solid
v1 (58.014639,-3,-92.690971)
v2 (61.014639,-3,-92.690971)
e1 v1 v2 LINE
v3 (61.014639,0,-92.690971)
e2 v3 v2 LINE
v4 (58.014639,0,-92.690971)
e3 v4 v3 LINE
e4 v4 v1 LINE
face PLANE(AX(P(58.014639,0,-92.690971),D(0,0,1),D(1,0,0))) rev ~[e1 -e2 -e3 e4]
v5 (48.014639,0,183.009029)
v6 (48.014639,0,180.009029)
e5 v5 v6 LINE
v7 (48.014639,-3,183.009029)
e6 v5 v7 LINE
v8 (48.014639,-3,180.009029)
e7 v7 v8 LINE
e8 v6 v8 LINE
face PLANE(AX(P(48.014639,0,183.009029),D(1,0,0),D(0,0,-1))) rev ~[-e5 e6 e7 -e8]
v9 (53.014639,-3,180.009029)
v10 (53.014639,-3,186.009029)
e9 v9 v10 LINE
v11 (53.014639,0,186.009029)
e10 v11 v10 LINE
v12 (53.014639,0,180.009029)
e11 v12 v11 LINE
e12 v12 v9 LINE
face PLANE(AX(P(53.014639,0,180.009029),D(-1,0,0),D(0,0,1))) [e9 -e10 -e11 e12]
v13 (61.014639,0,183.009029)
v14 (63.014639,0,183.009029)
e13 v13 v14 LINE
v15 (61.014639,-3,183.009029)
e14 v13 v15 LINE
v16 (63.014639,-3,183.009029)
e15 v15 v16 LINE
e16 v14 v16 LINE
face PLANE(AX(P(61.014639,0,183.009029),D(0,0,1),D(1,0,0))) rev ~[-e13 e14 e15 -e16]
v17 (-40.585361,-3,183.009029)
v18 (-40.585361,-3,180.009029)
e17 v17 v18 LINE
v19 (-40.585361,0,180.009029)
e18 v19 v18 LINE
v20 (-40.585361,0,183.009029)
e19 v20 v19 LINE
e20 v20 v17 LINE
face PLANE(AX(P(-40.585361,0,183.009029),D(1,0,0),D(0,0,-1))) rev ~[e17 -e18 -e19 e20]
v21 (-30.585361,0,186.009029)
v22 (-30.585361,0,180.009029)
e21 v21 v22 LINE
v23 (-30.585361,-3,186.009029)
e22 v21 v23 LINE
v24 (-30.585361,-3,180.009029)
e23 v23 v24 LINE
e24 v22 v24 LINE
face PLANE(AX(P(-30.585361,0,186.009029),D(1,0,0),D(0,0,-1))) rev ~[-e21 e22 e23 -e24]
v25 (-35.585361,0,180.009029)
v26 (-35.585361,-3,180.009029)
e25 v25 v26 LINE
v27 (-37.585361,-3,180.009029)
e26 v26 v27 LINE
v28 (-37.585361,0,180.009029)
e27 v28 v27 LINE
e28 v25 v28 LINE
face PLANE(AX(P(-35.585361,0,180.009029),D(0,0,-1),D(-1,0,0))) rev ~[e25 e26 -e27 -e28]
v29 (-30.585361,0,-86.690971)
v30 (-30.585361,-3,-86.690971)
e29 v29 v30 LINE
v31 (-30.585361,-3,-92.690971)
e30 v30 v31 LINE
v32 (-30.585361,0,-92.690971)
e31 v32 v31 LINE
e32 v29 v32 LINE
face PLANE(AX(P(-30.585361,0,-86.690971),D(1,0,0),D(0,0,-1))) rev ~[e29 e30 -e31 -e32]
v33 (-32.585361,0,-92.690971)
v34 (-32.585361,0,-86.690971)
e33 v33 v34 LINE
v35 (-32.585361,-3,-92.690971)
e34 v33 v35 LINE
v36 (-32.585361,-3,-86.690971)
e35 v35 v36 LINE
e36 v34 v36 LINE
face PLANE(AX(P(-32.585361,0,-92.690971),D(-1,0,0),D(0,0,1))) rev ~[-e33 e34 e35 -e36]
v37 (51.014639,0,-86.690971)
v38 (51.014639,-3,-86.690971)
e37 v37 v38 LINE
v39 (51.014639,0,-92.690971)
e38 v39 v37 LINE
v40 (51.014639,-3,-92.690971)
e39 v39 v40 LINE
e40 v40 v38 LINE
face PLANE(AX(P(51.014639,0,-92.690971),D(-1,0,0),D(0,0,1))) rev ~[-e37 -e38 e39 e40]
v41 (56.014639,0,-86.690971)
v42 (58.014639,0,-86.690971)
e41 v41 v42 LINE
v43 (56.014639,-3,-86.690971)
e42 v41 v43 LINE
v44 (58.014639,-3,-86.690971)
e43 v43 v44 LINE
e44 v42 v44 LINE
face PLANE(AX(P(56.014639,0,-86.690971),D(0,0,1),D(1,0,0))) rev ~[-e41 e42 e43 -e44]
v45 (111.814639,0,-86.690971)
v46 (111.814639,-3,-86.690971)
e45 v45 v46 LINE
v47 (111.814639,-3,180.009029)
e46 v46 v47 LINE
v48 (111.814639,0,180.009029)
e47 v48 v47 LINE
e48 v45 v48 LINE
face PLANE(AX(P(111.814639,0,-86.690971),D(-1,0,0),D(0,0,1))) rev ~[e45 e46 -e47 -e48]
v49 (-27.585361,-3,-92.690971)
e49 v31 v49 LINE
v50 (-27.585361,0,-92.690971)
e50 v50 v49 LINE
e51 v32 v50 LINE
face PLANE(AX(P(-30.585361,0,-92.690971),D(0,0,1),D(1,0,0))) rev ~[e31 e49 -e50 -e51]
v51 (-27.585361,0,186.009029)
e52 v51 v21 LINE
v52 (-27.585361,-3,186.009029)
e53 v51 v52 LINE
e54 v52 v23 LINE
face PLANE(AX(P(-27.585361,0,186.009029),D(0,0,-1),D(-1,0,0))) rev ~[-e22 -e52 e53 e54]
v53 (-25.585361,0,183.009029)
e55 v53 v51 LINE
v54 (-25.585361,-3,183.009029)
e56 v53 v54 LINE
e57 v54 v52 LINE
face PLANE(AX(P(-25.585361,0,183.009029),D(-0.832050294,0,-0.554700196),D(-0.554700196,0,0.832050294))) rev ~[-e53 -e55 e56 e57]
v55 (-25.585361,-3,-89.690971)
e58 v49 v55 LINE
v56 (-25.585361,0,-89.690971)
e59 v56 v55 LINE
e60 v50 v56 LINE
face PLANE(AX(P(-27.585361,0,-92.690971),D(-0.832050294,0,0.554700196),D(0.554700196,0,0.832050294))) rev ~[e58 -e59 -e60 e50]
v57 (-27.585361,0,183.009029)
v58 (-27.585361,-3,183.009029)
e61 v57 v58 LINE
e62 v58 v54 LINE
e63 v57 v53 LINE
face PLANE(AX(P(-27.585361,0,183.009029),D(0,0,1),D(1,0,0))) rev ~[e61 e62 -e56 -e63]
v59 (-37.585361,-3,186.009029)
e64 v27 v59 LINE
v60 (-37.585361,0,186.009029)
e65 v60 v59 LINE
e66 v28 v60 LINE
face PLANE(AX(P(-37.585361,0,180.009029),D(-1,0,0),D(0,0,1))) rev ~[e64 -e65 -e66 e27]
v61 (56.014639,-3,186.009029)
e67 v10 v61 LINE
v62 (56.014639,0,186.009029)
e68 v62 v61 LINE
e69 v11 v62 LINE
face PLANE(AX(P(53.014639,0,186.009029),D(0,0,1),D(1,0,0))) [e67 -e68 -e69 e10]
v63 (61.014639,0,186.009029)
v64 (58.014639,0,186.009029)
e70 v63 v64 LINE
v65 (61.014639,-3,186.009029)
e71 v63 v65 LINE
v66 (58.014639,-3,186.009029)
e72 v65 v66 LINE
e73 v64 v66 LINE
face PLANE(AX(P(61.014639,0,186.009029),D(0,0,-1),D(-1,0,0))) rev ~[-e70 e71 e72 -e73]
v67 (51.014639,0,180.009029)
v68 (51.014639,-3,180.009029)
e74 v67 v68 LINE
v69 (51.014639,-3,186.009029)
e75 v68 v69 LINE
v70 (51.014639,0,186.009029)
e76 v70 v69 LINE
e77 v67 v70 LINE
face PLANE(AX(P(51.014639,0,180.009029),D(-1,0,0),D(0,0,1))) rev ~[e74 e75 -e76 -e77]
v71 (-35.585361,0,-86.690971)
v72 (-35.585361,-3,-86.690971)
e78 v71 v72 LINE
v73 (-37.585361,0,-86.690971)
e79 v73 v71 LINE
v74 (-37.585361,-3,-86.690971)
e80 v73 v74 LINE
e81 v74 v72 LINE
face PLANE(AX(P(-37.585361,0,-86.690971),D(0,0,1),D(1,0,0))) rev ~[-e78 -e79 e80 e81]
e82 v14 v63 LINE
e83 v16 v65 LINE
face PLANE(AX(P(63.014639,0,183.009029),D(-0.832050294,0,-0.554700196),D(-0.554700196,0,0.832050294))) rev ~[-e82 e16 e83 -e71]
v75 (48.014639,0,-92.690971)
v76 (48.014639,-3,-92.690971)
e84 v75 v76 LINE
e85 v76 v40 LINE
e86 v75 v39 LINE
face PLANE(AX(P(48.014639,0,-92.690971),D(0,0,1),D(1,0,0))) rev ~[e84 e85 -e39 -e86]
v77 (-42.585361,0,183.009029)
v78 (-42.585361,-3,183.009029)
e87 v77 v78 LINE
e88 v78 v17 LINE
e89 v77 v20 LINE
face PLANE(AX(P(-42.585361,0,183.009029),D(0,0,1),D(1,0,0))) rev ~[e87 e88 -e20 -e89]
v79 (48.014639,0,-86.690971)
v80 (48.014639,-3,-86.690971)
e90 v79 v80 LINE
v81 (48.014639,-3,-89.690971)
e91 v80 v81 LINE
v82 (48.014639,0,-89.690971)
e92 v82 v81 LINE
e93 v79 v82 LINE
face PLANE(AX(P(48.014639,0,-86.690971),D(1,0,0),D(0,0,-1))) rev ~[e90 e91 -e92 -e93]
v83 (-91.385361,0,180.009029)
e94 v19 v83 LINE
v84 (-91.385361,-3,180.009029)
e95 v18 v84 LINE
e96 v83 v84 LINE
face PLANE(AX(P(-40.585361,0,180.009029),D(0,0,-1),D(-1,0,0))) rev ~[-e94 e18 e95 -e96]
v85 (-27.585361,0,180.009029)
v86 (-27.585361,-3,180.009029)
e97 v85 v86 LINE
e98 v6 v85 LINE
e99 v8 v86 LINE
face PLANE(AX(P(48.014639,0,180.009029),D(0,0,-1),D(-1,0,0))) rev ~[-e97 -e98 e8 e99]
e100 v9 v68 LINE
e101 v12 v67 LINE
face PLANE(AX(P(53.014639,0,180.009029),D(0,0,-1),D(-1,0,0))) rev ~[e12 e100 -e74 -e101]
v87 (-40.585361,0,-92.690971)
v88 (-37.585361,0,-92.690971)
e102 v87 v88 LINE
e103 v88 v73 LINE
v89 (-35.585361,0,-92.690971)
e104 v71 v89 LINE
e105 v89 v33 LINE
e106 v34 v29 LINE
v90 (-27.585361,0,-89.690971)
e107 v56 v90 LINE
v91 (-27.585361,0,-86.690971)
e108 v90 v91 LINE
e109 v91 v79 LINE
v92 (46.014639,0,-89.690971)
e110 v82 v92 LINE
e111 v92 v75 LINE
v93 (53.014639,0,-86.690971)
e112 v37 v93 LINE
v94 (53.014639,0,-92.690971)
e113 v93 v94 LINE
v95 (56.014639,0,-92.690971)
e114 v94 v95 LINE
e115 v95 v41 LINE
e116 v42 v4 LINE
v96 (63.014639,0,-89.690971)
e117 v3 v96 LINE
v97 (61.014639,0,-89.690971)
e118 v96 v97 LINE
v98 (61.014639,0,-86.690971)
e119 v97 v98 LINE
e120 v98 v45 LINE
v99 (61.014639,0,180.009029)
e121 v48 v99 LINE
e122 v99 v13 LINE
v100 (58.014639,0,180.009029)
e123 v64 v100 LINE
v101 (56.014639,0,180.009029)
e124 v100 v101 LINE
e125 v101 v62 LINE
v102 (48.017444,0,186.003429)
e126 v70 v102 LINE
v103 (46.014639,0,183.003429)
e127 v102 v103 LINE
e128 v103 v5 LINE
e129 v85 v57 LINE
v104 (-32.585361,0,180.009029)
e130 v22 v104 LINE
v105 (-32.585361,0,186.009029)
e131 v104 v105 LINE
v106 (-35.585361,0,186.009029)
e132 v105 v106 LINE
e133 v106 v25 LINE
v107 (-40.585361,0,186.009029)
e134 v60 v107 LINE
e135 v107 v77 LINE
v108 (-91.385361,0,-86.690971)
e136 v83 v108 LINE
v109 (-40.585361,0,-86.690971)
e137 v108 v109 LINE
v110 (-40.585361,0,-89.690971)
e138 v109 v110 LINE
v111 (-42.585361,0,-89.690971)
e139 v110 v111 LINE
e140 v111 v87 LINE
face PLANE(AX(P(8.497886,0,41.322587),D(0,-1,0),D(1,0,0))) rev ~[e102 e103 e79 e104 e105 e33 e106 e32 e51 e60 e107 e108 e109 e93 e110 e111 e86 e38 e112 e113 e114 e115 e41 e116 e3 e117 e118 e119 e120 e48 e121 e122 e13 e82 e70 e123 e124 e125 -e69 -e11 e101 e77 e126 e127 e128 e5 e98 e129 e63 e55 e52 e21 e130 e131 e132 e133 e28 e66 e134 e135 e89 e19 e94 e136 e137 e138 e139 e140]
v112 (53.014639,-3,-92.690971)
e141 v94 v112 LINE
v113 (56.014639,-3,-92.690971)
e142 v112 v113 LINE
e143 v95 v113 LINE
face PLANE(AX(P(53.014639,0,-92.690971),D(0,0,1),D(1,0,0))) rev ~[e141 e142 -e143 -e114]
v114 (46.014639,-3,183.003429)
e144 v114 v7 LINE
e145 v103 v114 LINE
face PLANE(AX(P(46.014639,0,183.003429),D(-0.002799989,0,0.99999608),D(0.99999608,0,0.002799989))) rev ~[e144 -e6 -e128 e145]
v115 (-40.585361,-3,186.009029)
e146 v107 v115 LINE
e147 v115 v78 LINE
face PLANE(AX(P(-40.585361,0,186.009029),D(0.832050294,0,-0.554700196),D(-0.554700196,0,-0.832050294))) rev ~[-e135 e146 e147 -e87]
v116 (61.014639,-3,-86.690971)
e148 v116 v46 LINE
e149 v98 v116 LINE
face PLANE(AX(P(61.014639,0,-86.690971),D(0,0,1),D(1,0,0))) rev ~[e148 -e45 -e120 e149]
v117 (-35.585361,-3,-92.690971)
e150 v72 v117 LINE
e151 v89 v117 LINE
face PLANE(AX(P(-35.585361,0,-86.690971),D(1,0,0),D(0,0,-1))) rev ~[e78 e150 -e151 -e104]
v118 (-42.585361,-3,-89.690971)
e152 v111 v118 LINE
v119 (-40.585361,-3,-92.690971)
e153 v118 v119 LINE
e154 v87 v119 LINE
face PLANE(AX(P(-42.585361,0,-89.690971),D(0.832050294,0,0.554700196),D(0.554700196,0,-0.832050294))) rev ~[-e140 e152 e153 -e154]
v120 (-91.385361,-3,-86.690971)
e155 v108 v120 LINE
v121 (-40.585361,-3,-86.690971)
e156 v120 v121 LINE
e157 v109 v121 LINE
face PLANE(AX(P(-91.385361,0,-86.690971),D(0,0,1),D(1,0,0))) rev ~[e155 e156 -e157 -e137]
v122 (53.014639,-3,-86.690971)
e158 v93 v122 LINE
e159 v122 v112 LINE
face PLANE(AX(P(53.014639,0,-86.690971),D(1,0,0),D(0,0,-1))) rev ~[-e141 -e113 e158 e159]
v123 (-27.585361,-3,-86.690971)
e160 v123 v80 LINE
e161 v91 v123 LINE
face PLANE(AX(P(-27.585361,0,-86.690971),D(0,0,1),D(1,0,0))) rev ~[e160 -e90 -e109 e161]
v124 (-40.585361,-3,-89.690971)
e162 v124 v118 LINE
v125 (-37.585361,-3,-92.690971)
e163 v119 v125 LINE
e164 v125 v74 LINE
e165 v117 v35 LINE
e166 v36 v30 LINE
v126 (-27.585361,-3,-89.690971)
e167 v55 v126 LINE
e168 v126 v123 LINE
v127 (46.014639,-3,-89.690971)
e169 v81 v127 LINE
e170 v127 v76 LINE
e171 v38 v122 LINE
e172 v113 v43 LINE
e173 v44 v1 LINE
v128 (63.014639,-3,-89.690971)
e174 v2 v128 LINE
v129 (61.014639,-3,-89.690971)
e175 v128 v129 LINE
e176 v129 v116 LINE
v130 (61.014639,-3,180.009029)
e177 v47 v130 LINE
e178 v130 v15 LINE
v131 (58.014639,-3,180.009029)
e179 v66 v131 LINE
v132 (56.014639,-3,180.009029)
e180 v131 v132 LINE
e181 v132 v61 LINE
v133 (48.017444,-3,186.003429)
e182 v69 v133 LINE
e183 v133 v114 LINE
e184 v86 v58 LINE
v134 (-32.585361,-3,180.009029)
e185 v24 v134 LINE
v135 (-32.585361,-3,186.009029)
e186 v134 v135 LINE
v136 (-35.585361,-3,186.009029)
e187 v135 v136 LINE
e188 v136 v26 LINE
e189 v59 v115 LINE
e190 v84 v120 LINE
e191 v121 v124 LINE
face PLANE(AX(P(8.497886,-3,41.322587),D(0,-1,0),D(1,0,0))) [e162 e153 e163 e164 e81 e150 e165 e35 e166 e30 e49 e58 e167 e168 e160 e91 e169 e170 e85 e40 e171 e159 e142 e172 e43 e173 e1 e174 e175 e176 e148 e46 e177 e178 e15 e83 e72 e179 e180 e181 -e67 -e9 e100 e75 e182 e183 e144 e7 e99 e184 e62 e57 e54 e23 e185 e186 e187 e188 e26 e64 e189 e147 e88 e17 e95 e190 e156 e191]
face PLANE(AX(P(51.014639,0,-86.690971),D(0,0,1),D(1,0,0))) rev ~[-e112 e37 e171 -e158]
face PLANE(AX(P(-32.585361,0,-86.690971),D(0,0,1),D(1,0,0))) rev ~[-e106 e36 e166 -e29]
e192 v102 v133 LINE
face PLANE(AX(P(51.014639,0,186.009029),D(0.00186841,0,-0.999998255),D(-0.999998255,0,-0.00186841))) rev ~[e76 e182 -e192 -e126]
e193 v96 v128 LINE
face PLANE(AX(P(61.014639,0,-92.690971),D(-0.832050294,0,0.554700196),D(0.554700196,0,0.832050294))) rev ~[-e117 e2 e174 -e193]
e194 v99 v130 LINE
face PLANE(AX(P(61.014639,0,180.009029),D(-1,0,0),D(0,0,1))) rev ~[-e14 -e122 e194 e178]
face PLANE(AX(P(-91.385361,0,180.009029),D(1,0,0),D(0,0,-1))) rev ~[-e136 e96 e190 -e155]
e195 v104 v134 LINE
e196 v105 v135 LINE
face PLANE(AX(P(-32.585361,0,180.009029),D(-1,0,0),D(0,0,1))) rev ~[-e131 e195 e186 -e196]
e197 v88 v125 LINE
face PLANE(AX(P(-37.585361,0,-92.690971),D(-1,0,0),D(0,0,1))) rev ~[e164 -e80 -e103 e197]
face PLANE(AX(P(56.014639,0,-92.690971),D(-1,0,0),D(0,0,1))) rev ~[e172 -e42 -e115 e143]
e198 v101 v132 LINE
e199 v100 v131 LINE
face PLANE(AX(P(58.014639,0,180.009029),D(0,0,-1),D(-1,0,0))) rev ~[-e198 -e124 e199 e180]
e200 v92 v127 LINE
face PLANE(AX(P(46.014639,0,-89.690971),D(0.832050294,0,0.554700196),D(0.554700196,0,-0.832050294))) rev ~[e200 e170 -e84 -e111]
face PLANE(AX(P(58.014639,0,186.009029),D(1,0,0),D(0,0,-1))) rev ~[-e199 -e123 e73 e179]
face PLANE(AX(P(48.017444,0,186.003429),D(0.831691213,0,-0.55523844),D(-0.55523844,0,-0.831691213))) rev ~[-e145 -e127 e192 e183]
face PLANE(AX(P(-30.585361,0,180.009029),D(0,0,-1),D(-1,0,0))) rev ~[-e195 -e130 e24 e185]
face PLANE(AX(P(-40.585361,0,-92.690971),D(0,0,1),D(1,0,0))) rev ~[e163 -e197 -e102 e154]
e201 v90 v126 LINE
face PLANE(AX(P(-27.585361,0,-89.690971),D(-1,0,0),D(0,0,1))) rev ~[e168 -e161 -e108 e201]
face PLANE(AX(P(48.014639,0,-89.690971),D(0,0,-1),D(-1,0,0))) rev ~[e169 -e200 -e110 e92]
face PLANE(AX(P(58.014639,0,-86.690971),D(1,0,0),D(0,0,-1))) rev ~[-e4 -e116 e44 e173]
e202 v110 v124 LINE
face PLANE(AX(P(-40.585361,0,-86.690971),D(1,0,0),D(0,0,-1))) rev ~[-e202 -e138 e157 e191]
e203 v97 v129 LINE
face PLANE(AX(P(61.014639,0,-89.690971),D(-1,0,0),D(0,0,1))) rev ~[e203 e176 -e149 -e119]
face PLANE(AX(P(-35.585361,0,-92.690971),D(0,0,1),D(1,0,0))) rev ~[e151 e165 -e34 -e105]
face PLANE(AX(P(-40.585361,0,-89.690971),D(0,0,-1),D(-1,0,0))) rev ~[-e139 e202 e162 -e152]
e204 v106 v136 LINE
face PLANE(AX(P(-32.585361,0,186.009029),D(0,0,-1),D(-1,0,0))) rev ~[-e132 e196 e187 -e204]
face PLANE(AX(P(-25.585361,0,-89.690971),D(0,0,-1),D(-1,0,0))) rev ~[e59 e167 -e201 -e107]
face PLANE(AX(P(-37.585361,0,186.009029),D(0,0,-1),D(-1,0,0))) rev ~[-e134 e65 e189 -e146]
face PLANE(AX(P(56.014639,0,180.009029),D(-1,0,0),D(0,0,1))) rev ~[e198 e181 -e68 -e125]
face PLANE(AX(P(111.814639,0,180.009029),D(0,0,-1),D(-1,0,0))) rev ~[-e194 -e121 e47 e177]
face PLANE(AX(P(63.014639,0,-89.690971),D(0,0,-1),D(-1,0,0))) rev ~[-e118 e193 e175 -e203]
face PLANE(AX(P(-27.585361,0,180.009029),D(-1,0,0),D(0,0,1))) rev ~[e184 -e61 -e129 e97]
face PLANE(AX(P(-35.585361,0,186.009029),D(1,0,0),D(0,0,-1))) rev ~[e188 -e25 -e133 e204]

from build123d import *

# Parameters (mm, degrees)
F0_W     = 3
F0_H     = 6
F1_DEPTH = 3


with BuildPart() as f1:
    # F0 (on Front) → F1 (new body)
    with BuildSketch(Plane.XZ):
        Polygon((111.814639, -86.690971), (111.814639, 180.009029), (61.014639, 180.009029), (58.014639, 180.009029), (56.014639, 180.009029), (53.014639, 180.009029), (51.014639, 180.009029), (48.014639, 180.009029), (-27.585361, 180.009029), (-27.585361, 183.009029), (-25.585361, 183.009029), (-27.585361, 186.009029), (-30.585361, 186.009029), (-30.585361, 180.009029), (-32.585361, 180.009029), (-32.585361, 186.009029), (-35.585361, 186.009029), (-35.585361, 180.009029), (-37.585361, 180.009029), (-37.585361, 186.009029), (-40.585361, 186.009029), (-42.585361, 183.009029), (-40.585361, 183.009029), (-40.585361, 180.009029), (-91.385361, 180.009029), (-91.385361, -86.690971), (-40.585361, -86.690971), (-40.585361, -89.690971), (-42.585361, -89.690971), (-40.585361, -92.690971), (-37.585361, -92.690971), (-37.585361, -86.690971), (-35.585361, -86.690971), (-35.585361, -92.690971), (-32.585361, -92.690971), (-32.585361, -86.690971), (-30.585361, -86.690971), (-30.585361, -92.690971), (-27.585361, -92.690971), (-25.585361, -89.690971), (-27.585361, -89.690971), (-27.585361, -86.690971), (48.014639, -86.690971), (48.014639, -89.690971), (46.014639, -89.690971), (48.014639, -92.690971), (51.014639, -92.690971), (51.014639, -86.690971), (53.014639, -86.690971), (53.014639, -92.690971), (56.014639, -92.690971), (56.014639, -86.690971), (58.014639, -86.690971), (58.014639, -92.690971), (61.014639, -92.690971), (63.014639, -89.690971), (61.014639, -89.690971), (61.014639, -86.690971), align=None)
        Polygon((58.014639, 180.009029), (61.014639, 180.009029), (61.014639, 183.009029), (63.014639, 183.009029), (61.014639, 186.009029), (58.014639, 186.009029), align=None)
        with Locations((54.514639, 183.009029)):
            Rectangle(F0_W, F0_H)
        Polygon((48.014639, 180.009029), (51.014639, 180.009029), (51.014639, 186.009029), (48.017444, 186.003429), (46.014639, 183.003429), (48.014639, 183.009029), align=None)
    extrude(amount=F1_DEPTH)


solid = f1.part
